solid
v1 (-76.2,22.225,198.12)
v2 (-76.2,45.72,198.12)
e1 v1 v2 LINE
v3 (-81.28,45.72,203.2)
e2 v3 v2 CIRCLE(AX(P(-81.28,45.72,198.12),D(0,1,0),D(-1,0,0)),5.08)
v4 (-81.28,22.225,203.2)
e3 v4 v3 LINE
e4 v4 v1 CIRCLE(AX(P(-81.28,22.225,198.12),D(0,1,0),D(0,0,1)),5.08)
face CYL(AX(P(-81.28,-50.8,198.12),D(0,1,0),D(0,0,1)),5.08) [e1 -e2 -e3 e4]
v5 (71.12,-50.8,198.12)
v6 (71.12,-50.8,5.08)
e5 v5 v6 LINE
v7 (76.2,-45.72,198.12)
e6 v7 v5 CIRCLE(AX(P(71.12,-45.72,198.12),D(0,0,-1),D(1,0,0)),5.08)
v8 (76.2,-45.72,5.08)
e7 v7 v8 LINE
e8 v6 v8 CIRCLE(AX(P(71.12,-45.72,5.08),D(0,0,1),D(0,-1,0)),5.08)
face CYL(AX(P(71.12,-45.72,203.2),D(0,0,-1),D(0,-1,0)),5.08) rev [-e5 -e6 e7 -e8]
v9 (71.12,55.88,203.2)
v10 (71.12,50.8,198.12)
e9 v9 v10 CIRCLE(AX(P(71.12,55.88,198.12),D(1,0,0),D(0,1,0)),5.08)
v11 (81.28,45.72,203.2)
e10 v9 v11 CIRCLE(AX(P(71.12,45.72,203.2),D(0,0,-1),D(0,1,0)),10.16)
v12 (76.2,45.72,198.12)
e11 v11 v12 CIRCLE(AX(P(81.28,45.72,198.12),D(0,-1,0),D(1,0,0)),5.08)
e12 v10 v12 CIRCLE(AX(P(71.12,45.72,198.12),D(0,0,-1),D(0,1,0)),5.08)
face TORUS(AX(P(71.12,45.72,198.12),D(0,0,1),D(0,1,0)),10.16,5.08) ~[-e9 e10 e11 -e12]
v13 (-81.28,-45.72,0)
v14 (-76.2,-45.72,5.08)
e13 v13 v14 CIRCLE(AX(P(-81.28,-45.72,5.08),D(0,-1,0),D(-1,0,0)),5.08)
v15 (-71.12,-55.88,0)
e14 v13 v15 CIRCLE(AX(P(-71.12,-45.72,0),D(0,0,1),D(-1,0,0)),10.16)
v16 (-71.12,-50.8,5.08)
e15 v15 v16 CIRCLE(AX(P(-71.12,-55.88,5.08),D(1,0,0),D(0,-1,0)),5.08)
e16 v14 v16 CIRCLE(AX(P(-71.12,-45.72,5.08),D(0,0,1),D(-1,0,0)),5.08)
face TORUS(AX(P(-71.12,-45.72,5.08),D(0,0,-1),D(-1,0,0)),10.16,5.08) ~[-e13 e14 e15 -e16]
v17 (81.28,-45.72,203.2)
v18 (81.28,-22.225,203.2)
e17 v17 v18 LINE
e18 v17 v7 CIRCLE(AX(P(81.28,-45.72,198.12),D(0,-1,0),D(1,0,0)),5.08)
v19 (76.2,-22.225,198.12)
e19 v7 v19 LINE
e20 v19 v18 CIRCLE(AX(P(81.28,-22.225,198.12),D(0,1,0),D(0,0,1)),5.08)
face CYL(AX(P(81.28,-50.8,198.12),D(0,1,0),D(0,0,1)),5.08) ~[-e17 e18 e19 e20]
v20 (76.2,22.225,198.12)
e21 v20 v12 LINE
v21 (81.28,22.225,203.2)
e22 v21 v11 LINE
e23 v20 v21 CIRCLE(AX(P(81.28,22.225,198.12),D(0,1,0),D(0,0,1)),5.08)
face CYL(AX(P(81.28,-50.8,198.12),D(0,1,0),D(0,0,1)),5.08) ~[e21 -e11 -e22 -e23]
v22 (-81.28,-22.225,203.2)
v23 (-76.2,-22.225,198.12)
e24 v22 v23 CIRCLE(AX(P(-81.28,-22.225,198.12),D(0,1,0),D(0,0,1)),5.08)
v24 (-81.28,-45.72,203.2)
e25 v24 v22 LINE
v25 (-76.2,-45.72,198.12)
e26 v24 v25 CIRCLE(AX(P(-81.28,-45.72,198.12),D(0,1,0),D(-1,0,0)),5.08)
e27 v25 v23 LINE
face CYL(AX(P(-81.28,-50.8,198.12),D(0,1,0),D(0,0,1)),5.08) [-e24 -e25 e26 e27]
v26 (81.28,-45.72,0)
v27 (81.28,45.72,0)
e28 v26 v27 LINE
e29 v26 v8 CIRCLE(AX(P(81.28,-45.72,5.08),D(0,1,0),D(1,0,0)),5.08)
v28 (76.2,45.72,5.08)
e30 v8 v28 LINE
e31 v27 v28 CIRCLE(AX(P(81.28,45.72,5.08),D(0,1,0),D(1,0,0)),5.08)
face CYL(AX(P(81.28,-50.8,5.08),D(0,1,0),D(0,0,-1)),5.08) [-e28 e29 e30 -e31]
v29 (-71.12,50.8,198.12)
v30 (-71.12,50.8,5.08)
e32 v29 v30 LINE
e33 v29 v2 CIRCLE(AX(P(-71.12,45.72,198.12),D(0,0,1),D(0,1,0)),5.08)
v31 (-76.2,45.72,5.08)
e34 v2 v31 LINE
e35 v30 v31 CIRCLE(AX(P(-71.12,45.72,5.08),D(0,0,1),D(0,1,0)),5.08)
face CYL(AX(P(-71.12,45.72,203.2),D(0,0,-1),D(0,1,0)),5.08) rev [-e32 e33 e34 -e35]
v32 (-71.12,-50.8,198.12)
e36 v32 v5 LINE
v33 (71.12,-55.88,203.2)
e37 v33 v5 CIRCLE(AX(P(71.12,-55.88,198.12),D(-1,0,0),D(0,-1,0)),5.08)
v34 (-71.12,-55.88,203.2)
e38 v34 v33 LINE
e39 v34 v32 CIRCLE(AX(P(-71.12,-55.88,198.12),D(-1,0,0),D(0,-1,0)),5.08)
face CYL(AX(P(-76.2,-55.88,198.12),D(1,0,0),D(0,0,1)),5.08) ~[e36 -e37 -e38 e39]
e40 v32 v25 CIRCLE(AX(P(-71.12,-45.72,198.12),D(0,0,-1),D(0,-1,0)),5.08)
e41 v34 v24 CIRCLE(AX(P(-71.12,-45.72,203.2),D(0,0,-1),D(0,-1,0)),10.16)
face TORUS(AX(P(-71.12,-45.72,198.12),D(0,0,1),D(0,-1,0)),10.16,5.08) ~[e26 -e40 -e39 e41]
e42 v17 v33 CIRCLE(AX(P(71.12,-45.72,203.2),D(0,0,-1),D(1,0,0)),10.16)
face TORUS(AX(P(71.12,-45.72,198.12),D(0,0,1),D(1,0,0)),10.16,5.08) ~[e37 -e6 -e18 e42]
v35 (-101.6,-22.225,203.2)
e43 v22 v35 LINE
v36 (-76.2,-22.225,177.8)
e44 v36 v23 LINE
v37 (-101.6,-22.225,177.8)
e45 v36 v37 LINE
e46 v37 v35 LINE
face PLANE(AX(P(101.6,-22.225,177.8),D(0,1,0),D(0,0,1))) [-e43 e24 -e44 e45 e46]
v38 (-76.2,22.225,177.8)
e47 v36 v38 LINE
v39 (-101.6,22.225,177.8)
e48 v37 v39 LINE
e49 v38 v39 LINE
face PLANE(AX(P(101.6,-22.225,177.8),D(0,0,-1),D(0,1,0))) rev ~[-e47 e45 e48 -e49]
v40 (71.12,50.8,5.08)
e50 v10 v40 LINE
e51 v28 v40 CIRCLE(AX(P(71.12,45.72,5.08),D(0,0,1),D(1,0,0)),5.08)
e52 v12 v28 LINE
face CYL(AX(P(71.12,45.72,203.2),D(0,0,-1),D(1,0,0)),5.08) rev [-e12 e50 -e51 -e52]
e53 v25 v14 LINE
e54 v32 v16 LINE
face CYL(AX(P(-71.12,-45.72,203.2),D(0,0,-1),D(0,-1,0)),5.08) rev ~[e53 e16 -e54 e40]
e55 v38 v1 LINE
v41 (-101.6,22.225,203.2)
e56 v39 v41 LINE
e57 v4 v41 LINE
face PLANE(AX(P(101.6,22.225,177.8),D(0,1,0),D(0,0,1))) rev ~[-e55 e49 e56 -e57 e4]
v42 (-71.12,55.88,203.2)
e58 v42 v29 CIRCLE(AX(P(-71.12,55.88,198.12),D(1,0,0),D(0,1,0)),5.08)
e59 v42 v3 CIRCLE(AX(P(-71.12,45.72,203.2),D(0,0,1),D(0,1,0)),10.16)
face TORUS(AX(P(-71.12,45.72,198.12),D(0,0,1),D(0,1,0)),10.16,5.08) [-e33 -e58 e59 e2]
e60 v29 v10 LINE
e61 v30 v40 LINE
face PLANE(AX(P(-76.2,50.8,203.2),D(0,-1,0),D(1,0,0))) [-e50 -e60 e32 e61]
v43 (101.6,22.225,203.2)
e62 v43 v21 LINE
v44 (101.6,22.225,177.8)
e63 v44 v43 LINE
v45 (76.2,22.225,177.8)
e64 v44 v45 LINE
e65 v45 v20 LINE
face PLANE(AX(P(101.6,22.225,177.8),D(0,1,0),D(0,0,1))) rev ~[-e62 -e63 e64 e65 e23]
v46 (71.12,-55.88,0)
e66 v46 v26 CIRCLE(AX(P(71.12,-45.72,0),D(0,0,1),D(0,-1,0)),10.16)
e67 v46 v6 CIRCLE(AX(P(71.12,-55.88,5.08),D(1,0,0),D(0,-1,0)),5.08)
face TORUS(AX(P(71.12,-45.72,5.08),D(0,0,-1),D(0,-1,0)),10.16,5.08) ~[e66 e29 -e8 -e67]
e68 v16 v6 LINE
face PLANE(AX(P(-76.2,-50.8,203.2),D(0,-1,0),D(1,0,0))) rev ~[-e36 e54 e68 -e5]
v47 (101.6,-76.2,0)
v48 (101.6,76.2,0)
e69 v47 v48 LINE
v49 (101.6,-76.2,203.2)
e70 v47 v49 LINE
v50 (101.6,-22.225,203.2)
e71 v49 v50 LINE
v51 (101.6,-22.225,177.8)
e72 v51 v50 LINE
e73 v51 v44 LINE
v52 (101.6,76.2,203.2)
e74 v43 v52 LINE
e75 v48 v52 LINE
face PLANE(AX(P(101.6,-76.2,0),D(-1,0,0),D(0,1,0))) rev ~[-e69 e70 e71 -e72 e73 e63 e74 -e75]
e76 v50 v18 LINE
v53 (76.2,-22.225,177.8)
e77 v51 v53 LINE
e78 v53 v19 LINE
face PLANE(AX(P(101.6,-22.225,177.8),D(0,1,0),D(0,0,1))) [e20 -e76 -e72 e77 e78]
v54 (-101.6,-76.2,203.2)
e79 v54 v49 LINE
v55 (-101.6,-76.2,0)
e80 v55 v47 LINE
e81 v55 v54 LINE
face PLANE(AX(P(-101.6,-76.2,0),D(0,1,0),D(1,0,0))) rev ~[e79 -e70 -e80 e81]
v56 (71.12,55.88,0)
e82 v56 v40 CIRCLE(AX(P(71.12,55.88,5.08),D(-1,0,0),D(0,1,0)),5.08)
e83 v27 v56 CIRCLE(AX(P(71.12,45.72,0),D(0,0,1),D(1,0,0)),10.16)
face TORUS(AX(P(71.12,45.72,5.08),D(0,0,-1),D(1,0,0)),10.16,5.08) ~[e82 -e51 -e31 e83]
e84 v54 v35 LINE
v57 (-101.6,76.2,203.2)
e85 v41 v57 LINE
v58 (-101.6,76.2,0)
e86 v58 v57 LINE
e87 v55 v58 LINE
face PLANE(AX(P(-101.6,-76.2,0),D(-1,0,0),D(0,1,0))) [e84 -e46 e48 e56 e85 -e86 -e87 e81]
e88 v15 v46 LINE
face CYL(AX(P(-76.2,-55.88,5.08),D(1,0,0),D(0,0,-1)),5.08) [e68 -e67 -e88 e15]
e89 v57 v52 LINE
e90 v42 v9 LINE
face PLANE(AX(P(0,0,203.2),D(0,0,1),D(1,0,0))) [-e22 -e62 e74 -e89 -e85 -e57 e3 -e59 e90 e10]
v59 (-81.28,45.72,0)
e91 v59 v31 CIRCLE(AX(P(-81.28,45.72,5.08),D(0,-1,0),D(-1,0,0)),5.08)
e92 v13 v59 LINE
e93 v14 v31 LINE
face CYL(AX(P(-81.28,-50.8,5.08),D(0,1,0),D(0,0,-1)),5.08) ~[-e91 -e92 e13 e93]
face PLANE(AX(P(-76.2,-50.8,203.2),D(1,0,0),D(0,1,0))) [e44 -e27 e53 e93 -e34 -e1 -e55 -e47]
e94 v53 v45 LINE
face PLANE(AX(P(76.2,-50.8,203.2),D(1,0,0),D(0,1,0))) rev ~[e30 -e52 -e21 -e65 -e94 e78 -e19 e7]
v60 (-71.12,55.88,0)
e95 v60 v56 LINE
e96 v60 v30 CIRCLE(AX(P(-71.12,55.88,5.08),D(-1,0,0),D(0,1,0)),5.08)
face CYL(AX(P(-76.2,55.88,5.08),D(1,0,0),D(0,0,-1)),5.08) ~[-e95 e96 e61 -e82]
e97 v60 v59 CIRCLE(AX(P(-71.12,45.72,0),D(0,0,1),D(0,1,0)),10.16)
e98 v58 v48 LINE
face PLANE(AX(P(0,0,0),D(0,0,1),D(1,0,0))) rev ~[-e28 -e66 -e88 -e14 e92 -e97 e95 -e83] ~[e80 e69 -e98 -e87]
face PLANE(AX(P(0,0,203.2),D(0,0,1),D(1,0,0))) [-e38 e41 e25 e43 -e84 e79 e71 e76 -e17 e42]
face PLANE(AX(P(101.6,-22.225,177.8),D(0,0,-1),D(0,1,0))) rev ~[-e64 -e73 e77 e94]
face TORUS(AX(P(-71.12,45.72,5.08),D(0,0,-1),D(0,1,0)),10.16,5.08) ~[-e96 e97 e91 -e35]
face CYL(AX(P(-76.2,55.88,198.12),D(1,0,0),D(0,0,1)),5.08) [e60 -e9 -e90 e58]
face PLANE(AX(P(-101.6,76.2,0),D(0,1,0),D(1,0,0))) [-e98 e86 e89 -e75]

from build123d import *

# Parameters (mm, degrees)
F0_W     = 203.2
F0_H     = 152.4
F1_DEPTH = 203.2
F2_W     = 152.4
F2_H     = 101.6
F3_DEPTH = 203.201
F4_R     = 5.08
F5_W     = 44.45
F5_H     = 25.4
F6_DEPTH = 203.2


with BuildPart() as f1:
    # F0 (on Top) → F1 (new body)
    with BuildSketch(Plane.XY):
        Rectangle(F0_W, F0_H)
    extrude(amount=F1_DEPTH)

    # F2 (on face) → F3 (cut, through all)
    with BuildSketch(Plane.XY.offset(203.2)):
        Rectangle(F2_W, F2_H)
    extrude(amount=-F3_DEPTH, mode=Mode.SUBTRACT)

    # F4
    f4_edges = [f1.edges().sort_by_distance(p)[0] for p in [
        (-76.2, 0, 203.2),
        (-76.2, -50.8, 101.6),
        (-76.2, 0, 0),
        (-76.2, 50.8, 101.6),
        (0, -50.8, 203.2),
        (76.2, -50.8, 101.6),
        (0, -50.8, 0),
        (76.2, 0, 203.2),
        (76.2, 50.8, 101.6),
        (76.2, 0, 0),
        (0, 50.8, 203.2),
        (0, 50.8, 0),
    ]]
    fillet(f4_edges, radius=F4_R)

    # F5 (on face) → F6 (cut)
    with BuildSketch(Plane.YZ.offset(101.6)):
        with Locations((0, 190.5)):
            Rectangle(F5_W, F5_H)
    extrude(amount=-F6_DEPTH, mode=Mode.SUBTRACT)


solid = f1.part
